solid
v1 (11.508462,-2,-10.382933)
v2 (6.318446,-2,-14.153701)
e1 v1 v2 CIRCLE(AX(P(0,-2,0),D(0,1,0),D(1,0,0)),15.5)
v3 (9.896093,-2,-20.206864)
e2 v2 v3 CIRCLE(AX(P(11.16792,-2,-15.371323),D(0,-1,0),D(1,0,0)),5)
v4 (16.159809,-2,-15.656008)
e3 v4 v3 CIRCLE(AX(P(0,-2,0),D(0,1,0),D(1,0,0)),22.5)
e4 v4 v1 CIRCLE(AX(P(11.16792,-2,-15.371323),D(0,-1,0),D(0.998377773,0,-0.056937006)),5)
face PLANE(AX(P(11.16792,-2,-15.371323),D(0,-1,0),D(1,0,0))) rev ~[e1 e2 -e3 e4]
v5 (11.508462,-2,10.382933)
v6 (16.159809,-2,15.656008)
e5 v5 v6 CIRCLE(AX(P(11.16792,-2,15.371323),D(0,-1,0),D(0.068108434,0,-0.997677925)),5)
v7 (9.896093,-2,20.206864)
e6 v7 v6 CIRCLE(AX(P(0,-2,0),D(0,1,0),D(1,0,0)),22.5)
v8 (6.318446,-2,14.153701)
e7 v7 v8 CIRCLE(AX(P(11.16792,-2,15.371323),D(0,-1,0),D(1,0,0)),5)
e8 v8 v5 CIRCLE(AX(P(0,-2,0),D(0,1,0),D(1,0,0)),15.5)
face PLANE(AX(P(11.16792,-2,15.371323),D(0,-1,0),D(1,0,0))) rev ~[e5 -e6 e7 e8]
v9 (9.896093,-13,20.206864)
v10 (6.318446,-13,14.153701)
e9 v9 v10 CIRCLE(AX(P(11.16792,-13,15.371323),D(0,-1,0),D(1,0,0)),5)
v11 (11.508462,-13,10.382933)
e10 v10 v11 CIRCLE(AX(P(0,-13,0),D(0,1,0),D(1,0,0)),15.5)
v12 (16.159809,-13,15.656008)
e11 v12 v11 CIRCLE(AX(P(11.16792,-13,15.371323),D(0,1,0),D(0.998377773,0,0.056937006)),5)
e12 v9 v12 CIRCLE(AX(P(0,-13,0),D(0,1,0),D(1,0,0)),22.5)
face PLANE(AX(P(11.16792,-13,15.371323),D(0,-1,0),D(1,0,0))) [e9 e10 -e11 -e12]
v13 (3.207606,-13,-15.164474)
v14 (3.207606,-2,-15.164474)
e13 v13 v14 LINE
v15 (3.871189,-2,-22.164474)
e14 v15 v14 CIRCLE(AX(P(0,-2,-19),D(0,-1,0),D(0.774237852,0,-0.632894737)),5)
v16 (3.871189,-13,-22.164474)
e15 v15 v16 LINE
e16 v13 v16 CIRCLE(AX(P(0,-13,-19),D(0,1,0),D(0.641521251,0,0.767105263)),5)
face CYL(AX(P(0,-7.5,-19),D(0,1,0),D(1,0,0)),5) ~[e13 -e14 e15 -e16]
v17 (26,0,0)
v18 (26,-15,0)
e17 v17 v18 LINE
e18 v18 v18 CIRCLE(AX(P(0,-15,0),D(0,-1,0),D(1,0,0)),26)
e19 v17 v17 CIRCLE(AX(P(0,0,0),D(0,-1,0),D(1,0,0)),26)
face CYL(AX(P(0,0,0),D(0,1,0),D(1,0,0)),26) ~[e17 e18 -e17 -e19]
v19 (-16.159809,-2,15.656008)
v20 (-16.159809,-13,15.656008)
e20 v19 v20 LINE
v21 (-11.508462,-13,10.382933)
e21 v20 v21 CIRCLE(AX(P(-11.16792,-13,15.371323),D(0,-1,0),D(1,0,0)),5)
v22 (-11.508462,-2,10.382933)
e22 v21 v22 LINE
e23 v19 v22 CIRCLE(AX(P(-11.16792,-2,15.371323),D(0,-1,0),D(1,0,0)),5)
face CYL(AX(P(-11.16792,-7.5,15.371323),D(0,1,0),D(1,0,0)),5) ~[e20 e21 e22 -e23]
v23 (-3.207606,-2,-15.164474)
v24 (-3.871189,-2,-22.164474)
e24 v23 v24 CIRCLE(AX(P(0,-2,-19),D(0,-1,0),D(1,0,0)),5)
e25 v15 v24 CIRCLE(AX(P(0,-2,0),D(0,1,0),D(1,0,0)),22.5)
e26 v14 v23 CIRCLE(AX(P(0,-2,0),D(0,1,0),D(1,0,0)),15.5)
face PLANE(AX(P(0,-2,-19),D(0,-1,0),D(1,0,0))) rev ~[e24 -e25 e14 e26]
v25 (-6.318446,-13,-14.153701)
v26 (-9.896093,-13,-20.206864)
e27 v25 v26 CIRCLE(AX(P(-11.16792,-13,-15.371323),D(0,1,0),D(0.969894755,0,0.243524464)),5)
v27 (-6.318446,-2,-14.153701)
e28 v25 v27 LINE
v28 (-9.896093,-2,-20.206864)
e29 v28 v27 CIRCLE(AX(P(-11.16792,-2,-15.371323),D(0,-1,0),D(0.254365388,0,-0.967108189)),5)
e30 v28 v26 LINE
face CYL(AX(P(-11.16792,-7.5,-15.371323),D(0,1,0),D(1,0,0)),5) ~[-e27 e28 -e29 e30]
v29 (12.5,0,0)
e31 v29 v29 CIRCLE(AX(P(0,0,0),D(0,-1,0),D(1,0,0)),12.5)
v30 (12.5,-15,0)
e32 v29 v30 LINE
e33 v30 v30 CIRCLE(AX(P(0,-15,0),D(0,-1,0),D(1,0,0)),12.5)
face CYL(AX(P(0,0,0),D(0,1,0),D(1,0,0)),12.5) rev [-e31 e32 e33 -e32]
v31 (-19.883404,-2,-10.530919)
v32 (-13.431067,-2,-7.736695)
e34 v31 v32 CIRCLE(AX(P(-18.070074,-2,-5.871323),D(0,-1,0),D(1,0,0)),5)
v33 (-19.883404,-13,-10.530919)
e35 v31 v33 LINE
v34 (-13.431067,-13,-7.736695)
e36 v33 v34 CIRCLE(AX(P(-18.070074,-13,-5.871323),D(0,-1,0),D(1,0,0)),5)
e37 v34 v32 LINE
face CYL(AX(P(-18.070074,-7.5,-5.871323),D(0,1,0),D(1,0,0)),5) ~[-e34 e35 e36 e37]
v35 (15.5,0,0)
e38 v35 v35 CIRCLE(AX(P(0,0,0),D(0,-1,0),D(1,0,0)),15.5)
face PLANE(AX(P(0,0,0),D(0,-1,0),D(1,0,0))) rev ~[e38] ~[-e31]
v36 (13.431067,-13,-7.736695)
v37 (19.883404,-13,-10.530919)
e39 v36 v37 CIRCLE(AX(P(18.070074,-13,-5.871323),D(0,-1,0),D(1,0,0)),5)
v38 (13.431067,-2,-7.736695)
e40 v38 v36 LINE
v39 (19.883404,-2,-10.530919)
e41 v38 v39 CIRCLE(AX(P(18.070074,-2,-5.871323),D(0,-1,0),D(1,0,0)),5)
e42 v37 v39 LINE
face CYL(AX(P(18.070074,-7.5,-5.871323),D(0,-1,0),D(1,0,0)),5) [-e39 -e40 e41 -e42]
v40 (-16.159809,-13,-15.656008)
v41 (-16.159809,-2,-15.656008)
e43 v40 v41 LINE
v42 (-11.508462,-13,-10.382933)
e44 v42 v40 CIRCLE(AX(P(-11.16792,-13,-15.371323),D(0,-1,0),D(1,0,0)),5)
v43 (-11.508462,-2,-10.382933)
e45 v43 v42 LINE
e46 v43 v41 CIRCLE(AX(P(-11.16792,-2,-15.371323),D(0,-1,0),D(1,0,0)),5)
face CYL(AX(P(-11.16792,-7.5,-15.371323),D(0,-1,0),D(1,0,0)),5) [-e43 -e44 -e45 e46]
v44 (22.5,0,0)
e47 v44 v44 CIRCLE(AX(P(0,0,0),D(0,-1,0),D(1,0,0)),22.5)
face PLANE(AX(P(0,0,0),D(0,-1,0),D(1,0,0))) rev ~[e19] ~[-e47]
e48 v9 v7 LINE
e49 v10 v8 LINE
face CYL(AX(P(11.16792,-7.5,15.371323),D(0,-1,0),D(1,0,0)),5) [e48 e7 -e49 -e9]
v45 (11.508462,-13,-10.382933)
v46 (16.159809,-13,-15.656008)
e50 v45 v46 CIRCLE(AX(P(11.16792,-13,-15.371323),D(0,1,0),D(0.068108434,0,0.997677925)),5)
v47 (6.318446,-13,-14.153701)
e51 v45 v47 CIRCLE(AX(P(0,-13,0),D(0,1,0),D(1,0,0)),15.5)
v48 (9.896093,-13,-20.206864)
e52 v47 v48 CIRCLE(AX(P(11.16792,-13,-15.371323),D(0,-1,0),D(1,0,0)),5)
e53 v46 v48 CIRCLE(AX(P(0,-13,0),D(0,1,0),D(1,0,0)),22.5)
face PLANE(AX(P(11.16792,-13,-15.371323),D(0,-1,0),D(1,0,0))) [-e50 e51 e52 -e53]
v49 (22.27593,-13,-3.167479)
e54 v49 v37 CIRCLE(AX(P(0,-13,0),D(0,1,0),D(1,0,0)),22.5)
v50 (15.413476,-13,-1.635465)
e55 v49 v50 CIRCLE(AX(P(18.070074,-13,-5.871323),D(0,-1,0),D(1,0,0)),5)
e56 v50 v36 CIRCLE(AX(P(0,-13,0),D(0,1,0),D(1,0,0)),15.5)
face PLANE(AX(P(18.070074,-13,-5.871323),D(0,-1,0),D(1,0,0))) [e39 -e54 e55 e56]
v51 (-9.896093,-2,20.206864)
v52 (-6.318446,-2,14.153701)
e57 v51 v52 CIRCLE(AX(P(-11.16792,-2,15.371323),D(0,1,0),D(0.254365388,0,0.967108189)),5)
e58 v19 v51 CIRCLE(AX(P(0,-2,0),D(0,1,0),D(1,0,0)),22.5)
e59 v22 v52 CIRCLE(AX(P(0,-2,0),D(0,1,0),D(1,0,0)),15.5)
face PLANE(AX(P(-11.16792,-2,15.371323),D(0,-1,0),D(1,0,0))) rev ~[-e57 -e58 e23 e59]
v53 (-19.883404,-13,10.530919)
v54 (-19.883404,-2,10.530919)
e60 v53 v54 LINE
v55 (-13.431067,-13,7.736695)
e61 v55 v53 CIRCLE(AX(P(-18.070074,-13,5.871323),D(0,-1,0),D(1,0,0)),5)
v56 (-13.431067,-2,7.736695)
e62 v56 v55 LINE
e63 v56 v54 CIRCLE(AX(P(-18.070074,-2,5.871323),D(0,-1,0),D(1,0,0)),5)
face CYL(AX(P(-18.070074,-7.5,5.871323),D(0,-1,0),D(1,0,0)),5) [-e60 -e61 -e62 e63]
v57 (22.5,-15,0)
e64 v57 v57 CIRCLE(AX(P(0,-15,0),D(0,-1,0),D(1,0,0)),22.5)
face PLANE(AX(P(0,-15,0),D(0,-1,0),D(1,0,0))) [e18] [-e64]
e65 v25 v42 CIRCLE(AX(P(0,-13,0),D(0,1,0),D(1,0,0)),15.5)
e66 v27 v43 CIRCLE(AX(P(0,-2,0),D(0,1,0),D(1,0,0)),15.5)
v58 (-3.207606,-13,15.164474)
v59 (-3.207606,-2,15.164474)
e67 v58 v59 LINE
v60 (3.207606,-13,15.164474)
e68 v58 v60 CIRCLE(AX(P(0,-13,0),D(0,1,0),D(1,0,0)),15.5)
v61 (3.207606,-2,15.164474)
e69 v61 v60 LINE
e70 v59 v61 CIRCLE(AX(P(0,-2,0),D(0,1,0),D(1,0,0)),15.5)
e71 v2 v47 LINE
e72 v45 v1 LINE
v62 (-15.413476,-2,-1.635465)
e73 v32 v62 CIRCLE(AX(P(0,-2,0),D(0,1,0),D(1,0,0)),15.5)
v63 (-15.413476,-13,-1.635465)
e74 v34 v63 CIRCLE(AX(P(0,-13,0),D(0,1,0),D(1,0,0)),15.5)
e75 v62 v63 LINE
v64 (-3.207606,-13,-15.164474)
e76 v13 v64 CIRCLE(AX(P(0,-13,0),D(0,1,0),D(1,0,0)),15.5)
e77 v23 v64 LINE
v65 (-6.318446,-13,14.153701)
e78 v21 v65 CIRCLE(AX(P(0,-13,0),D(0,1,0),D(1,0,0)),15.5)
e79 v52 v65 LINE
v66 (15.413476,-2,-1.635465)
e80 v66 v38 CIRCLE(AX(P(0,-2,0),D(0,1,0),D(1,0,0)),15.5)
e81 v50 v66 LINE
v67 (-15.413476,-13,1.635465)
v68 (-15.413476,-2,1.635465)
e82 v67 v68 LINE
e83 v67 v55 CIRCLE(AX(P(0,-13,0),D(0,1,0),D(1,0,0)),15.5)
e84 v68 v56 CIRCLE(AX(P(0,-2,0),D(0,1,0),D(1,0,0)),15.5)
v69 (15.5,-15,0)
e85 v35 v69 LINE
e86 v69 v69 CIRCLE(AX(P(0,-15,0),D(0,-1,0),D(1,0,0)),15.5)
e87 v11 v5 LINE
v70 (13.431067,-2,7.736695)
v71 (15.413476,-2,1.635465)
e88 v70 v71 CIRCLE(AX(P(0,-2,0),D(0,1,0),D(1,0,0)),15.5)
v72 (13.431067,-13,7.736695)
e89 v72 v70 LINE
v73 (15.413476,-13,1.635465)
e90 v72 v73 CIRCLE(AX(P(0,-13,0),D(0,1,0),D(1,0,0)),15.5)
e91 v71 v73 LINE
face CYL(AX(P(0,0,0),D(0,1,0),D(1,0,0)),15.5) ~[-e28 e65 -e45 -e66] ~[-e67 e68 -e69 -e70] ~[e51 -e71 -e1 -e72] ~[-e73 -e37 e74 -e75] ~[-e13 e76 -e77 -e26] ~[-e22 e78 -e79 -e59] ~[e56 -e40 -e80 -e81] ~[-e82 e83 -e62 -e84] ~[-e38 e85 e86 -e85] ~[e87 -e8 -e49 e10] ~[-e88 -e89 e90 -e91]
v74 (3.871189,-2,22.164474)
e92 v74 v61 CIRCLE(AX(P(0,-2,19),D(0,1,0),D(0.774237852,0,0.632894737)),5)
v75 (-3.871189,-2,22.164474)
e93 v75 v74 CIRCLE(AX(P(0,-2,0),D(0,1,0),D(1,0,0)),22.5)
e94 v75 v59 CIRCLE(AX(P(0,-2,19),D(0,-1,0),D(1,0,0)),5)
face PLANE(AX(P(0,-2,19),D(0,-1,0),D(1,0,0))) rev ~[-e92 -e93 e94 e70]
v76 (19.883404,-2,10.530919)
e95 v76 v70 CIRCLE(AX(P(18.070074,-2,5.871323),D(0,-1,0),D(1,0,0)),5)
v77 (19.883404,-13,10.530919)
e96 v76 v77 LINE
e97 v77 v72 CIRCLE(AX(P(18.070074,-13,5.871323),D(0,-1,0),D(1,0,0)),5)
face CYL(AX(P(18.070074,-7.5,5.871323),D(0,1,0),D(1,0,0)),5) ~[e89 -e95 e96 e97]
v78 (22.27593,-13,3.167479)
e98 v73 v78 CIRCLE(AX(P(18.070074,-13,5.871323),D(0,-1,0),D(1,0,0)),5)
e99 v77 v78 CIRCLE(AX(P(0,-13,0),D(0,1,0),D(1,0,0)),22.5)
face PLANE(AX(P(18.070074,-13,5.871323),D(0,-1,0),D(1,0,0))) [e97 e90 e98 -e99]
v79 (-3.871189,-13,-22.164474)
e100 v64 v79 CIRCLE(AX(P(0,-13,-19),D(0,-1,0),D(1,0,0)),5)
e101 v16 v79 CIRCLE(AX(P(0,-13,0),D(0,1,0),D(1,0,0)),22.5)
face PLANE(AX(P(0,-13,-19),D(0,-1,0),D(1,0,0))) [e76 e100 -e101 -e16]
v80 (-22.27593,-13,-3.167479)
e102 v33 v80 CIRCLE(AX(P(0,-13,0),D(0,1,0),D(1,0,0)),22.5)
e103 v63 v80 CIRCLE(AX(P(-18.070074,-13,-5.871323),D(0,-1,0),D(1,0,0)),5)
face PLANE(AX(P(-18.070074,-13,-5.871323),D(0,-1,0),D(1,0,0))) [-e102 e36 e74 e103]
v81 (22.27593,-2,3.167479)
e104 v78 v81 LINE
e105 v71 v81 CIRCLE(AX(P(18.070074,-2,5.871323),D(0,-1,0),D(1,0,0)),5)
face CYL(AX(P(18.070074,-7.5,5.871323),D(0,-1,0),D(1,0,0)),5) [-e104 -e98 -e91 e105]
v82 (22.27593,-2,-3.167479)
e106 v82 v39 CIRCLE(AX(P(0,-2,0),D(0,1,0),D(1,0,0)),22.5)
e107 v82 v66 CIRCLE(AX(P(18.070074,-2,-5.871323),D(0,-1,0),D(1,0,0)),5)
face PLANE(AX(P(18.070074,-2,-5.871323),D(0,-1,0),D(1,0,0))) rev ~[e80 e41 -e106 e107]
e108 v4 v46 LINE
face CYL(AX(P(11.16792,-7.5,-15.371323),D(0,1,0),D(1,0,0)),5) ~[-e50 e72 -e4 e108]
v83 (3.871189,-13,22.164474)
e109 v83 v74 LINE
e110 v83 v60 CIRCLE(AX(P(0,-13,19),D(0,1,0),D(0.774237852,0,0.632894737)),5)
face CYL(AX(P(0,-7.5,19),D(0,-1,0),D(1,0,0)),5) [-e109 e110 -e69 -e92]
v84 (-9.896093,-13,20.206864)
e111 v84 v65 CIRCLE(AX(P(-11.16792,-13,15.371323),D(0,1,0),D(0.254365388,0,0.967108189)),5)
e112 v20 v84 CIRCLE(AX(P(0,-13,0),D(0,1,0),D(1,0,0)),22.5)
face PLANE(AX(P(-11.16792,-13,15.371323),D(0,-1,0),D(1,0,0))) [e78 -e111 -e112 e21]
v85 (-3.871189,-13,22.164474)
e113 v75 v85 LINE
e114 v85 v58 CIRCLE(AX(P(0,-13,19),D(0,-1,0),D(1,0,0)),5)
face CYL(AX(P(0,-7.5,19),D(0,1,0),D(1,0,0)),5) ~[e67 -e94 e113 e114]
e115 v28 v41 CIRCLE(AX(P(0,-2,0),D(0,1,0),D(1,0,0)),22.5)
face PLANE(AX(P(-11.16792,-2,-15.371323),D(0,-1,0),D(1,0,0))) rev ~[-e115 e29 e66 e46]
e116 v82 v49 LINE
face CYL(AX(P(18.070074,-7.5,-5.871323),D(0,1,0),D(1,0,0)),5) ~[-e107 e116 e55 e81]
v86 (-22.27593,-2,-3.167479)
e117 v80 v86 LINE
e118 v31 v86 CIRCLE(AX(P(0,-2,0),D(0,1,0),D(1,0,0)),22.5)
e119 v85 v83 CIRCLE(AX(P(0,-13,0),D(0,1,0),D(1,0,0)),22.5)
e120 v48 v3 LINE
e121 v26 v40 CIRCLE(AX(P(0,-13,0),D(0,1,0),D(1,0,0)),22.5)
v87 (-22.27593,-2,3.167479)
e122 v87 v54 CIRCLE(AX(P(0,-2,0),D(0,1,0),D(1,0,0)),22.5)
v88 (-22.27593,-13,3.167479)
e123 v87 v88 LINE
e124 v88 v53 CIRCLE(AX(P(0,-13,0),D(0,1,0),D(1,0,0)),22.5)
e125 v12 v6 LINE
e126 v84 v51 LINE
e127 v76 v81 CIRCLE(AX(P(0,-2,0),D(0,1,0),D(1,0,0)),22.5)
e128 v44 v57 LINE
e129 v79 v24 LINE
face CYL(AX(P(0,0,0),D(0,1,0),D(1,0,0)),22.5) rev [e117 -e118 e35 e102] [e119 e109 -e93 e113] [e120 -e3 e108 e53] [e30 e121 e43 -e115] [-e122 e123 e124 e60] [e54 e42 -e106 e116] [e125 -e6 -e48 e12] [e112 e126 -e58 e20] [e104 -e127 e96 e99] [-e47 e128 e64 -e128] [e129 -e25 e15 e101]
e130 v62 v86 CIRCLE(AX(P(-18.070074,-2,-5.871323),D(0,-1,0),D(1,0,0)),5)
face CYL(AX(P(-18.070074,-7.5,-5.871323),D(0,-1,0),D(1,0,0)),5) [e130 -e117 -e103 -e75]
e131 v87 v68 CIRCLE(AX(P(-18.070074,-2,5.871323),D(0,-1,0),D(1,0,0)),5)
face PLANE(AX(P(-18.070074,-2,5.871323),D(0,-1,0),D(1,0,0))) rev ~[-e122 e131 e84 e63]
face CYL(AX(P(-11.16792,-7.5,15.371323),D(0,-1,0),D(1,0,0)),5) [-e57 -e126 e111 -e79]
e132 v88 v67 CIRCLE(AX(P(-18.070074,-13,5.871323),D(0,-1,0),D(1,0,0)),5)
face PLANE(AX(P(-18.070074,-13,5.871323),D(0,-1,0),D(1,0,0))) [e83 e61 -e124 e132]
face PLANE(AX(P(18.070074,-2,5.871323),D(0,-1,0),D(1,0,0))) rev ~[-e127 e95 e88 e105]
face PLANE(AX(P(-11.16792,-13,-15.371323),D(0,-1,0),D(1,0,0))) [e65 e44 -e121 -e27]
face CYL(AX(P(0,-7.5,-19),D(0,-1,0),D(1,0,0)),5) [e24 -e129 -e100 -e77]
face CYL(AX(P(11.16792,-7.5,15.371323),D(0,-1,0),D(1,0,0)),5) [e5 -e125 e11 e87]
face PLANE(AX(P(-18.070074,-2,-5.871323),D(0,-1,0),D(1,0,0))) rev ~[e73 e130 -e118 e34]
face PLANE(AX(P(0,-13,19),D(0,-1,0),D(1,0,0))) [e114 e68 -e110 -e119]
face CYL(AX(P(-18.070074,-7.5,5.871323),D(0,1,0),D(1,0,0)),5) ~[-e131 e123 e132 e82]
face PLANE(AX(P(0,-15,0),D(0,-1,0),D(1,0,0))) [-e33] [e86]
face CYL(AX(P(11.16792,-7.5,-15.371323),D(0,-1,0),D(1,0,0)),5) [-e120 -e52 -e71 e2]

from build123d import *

# Parameters (mm, degrees)
F0_R     = 26
F0_R_2   = 22.5
F1_DEPTH = 15
F2_R     = 15.5
F2_R_2   = 12.5
F3_DEPTH = 15
F5_R     = 5
F6_DEPTH = 5.5


with BuildPart() as f1:
    # F0 (on Front) → F1 (new body)
    with BuildSketch(Plane.XZ):
        Circle(F0_R)
        Circle(F0_R_2, mode=Mode.SUBTRACT)
    extrude(amount=F1_DEPTH)



with BuildPart() as f3:
    # F2 (on Front) → F3 (new body)
    with BuildSketch(Plane.XZ):
        Circle(F2_R)
        Circle(F2_R_2, mode=Mode.SUBTRACT)
    extrude(amount=F3_DEPTH)


with BuildPart() as f1_1:
    add(f1.part)

    add(f3.part)  # F6 merges F3
    # F5 (on offset) → F6 (join, symmetric)
    with BuildSketch(Plane.XZ.offset(7.5)):
        with Locations((-11.1679197936, 15.3713228931)):
            Circle(F5_R)
        with Locations((0, 19)):
            Circle(F5_R)
        with Locations((-18.0700738096, 5.8713228931)):
            Circle(F5_R)
        with Locations((-18.0700738096, -5.8713228931)):
            Circle(F5_R)
        with Locations((-11.1679197936, -15.3713228931)):
            Circle(F5_R)
        with Locations((0, -19)):
            Circle(F5_R)
        with Locations((11.1679197936, -15.3713228931)):
            Circle(F5_R)
        with Locations((18.0700738096, -5.8713228931)):
            Circle(F5_R)
        with Locations((18.0700738096, 5.8713228931)):
            Circle(F5_R)
        with Locations((11.1679197936, 15.3713228931)):
            Circle(F5_R)
    extrude(amount=F6_DEPTH, both=True)


solid = f1_1.part
